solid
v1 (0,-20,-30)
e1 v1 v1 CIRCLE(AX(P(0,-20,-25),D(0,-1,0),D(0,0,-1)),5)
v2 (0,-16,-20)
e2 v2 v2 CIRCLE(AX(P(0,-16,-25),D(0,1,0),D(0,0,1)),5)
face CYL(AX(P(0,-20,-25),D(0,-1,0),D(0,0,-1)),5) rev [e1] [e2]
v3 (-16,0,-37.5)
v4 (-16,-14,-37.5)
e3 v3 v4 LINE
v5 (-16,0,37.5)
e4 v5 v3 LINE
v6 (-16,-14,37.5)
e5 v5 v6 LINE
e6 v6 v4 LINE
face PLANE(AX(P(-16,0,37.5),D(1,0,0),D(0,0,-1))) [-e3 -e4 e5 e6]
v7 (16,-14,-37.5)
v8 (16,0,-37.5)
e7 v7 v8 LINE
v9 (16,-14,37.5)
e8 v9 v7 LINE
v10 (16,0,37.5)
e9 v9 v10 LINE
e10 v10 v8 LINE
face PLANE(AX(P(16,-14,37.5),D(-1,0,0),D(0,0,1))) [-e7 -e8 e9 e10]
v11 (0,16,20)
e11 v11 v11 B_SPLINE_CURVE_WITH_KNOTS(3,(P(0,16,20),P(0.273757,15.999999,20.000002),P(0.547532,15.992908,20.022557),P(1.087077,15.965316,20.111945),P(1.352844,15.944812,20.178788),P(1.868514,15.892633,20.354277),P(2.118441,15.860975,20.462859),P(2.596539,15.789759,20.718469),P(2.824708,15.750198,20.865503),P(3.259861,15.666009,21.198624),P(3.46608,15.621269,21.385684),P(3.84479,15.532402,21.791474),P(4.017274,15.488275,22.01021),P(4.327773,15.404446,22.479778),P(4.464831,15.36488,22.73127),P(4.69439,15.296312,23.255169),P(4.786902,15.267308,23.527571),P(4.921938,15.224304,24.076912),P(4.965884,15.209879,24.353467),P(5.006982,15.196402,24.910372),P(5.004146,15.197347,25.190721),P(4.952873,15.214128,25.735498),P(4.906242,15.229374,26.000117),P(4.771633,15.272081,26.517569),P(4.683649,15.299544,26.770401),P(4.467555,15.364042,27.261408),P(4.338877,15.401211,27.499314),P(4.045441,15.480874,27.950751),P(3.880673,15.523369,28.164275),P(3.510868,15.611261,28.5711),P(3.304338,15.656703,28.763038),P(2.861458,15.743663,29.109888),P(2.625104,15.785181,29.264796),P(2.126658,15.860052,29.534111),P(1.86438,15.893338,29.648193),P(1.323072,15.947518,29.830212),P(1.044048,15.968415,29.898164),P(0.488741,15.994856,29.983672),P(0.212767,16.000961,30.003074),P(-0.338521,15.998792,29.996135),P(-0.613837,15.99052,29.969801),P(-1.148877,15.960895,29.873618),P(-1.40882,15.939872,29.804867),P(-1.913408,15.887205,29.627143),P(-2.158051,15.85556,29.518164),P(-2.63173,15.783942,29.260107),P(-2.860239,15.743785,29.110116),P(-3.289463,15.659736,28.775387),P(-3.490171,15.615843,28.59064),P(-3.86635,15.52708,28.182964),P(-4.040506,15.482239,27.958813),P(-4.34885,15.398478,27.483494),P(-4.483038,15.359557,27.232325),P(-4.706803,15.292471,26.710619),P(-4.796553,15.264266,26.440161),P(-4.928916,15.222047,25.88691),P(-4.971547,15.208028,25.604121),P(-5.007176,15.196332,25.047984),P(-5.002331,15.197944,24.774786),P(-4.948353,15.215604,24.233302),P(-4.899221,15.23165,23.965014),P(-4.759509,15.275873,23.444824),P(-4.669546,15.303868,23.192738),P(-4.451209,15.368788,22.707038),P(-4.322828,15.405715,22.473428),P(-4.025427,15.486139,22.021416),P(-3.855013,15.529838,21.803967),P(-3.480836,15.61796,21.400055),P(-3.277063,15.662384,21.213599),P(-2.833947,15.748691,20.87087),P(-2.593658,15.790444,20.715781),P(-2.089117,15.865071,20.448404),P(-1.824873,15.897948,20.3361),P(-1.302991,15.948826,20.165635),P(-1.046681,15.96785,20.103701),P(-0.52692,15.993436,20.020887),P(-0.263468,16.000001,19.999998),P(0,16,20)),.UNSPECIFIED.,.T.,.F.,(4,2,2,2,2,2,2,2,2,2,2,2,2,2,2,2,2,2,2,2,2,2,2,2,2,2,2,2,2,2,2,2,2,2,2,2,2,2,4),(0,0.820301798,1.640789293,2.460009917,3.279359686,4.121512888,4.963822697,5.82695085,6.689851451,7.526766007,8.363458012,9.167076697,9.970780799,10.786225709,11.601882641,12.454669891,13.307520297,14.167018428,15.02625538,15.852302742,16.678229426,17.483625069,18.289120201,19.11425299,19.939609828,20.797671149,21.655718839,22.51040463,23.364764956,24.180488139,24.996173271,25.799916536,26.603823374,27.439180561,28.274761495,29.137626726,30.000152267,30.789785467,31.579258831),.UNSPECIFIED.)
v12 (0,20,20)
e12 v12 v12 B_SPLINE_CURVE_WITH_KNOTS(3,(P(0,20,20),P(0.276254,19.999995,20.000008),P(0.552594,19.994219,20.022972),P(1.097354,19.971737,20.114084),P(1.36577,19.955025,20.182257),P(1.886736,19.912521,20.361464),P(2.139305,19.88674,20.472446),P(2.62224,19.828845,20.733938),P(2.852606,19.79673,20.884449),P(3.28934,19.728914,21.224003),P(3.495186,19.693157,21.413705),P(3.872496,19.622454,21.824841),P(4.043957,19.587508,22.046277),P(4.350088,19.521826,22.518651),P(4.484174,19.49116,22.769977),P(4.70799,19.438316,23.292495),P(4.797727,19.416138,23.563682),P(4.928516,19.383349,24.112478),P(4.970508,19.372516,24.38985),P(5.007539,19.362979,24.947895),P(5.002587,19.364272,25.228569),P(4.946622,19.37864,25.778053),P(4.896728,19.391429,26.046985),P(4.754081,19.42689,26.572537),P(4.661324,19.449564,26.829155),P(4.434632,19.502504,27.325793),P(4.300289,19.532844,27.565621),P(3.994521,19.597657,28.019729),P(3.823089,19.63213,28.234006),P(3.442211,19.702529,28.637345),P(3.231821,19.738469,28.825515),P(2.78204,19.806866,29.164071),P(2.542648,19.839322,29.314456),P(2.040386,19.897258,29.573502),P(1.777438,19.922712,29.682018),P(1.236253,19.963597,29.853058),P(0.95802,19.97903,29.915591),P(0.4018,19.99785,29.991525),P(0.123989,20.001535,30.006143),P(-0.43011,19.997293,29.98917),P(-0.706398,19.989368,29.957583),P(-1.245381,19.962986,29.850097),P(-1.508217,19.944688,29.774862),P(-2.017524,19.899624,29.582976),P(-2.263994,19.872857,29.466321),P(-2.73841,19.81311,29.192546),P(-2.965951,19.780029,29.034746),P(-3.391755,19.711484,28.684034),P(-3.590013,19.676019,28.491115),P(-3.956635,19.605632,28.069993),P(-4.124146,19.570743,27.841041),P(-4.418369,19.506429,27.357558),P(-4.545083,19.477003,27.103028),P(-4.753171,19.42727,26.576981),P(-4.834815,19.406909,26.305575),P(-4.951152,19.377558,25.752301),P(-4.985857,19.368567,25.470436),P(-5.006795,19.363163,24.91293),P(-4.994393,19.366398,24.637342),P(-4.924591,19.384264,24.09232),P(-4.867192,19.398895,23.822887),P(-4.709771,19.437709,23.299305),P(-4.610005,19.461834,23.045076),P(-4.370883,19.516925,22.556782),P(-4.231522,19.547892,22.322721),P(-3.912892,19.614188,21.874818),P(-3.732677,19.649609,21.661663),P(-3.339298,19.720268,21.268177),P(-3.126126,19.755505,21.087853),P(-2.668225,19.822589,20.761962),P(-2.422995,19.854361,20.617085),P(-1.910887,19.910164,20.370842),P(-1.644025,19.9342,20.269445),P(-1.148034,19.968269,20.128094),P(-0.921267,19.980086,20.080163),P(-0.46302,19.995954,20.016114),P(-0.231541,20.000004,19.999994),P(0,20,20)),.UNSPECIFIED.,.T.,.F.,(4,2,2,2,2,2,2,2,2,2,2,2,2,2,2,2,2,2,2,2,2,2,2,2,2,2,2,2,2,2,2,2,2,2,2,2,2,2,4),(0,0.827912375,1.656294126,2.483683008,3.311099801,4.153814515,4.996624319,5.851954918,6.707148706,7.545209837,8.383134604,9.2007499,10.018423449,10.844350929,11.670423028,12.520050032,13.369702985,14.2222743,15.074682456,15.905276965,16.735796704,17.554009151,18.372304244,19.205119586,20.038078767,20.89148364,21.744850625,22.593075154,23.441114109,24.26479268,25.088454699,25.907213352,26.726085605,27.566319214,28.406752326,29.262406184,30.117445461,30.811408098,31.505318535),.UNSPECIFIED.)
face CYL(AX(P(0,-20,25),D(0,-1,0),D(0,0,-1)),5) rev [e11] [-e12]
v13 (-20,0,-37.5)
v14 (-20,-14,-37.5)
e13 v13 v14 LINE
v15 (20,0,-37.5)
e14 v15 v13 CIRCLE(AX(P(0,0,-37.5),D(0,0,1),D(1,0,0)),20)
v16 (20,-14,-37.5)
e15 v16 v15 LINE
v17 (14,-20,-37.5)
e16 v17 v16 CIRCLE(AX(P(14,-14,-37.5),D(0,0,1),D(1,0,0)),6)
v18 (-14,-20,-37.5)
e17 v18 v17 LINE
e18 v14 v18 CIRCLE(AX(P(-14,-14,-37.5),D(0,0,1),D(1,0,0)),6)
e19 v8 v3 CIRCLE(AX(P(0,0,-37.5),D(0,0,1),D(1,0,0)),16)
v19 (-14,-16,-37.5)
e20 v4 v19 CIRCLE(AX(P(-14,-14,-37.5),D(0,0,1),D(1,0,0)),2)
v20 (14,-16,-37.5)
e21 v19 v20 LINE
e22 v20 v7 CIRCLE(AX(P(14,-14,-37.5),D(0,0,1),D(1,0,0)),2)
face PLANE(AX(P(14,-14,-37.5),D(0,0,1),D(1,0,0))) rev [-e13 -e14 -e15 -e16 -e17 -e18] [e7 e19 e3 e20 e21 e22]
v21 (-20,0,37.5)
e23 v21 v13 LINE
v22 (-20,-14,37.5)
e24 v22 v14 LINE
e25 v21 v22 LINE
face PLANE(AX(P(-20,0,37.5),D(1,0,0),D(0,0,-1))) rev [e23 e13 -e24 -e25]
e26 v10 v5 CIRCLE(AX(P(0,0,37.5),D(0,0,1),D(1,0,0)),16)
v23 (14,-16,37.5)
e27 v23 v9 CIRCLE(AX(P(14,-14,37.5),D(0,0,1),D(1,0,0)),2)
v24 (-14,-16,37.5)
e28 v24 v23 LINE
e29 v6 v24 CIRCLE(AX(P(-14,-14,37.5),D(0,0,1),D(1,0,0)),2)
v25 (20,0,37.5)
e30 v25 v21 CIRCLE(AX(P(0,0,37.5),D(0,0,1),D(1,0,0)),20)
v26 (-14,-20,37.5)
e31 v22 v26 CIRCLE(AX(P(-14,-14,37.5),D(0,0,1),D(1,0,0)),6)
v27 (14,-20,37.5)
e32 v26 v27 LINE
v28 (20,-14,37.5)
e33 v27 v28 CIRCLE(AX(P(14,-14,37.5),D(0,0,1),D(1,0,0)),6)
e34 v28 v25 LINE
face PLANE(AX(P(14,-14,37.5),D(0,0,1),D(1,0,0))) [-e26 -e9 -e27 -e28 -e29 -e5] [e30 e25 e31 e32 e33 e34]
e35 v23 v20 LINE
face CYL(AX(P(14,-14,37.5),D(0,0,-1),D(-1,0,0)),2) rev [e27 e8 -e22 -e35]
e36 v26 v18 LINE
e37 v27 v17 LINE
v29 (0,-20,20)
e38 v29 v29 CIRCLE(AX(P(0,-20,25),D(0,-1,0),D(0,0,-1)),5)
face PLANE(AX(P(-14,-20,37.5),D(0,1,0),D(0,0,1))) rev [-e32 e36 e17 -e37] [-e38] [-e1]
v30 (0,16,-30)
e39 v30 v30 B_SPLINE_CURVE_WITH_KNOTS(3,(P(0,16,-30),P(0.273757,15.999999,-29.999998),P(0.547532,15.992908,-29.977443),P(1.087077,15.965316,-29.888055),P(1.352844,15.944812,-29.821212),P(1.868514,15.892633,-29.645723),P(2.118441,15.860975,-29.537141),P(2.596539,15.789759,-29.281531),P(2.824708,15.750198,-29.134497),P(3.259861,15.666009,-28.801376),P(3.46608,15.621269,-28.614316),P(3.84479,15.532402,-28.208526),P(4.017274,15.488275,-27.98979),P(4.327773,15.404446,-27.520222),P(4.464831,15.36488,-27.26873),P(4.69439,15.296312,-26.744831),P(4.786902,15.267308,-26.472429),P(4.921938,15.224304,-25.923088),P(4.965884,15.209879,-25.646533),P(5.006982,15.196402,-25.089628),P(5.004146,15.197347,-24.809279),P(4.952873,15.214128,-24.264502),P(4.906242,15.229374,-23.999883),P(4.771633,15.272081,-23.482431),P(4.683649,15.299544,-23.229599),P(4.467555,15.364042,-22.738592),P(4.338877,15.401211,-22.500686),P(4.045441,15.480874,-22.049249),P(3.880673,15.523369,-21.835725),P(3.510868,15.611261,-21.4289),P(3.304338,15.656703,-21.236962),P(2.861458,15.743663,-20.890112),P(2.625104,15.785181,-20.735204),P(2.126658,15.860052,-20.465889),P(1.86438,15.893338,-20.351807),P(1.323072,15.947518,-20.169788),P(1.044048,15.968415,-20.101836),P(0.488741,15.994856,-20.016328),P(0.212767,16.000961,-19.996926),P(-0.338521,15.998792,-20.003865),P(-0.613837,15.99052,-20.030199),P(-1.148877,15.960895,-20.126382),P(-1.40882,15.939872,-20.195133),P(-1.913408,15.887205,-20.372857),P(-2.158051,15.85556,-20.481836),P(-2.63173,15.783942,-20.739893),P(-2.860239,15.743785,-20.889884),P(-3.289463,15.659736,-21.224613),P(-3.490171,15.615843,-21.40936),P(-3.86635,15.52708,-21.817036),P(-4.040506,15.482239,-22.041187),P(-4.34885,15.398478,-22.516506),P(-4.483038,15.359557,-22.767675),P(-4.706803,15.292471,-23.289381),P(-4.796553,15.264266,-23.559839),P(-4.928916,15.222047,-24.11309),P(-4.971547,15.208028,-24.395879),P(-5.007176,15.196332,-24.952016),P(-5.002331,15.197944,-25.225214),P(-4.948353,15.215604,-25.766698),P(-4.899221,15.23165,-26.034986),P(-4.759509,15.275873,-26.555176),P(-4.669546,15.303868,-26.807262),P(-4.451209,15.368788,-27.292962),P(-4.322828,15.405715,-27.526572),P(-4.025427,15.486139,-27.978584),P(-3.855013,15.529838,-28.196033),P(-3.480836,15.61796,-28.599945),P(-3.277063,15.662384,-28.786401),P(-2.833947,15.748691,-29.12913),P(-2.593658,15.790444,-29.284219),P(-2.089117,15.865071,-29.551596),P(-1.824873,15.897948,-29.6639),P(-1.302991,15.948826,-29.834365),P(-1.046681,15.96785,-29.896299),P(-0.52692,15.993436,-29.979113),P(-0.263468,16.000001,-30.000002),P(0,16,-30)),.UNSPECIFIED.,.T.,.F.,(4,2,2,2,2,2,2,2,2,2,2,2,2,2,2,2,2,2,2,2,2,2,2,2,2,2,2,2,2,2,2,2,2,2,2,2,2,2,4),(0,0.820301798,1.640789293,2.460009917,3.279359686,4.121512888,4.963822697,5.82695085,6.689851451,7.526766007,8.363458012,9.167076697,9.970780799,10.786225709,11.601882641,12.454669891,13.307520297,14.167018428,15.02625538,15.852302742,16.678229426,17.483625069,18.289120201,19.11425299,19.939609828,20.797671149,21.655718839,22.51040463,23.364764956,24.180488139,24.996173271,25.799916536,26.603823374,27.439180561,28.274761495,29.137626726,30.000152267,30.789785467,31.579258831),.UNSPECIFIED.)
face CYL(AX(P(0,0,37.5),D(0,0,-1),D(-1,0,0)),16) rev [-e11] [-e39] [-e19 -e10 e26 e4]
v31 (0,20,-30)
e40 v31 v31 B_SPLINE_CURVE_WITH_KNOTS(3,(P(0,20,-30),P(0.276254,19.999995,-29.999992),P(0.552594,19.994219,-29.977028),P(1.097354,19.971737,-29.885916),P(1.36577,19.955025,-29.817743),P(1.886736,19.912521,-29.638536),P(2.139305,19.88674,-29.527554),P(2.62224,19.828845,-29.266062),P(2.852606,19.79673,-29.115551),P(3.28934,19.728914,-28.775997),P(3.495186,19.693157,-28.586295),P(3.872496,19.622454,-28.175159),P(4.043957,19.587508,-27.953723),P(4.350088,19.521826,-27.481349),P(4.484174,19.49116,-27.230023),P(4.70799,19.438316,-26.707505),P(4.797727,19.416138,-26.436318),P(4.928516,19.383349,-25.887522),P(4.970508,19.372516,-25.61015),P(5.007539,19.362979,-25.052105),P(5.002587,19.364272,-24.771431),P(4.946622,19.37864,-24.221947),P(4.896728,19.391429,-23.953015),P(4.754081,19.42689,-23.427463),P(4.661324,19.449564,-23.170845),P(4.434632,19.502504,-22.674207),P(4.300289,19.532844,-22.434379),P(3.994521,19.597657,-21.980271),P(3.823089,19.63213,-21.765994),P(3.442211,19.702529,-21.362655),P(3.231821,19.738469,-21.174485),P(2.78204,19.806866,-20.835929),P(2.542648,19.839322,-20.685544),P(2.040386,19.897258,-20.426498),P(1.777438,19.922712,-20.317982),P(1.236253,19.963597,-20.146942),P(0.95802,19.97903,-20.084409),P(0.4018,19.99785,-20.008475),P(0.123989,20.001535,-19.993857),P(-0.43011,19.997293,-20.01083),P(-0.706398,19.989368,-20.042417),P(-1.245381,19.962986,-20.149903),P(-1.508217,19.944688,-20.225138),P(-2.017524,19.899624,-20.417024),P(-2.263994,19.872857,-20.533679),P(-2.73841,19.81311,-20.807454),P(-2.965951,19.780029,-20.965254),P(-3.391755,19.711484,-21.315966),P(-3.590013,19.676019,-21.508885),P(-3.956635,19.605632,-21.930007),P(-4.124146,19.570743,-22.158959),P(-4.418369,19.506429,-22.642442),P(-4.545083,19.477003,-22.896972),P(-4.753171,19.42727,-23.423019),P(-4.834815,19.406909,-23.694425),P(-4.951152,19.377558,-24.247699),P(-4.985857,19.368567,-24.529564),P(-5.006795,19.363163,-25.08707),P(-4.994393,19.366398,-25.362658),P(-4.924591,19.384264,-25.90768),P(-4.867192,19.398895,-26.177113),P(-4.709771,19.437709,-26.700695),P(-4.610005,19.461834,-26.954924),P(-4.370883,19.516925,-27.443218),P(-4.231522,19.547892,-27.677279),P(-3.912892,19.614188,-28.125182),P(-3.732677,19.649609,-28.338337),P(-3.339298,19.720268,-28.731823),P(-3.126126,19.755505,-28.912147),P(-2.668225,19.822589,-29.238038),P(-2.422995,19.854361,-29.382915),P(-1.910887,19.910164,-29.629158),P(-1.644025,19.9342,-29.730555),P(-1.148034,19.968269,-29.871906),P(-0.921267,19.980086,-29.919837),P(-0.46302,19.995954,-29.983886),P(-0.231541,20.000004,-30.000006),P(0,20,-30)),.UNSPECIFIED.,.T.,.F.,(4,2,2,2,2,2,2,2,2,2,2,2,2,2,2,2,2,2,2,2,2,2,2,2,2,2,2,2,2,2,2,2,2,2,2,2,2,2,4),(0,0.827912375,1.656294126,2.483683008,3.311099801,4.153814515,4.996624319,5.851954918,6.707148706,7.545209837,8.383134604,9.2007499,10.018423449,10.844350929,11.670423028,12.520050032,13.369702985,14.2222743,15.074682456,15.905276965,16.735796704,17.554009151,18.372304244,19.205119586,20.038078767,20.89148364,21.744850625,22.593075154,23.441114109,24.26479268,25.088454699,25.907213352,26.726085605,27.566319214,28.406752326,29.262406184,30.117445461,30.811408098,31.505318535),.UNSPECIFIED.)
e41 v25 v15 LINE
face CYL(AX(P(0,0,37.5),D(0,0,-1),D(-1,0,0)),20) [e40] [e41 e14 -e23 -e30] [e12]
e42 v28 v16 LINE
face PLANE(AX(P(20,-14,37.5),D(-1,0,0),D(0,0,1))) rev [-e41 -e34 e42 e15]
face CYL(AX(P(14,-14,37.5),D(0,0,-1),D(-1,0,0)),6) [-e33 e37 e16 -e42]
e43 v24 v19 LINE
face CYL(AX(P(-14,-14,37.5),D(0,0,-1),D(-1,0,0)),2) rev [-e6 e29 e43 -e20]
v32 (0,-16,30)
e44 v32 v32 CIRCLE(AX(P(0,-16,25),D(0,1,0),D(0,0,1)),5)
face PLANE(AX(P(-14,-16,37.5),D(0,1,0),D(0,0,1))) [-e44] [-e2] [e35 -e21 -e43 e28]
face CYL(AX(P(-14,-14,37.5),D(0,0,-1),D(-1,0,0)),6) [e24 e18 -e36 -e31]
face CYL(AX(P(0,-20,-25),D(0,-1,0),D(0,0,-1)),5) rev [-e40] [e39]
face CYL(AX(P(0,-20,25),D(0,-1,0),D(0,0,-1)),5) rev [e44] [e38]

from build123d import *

# Parameters (mm, degrees)
SALIENTE_EXTRUIR1_DEPTH       = 37.5
PERCEUSE_COLONNE_POUR_M1_61_D = 10


with BuildPart() as part:
    # Croquis1 → Saliente-Extruir1 (new body, symmetric)
    with BuildSketch(Plane.XY):
        with BuildLine():
            Line((-20, 0), (-20, -14))
            ThreePointArc((-20, -14), (-18.242640687, -18.242640687), (-14, -20))
            Line((-14, -20), (14, -20))
            ThreePointArc((14, -20), (18.242640687, -18.242640687), (20, -14))
            Line((20, -14), (20, 0))
            ThreePointArc((20, 0), (0, 20), (-20, 0))
        make_face()
        with BuildLine():
            Line((-16, 0), (-16, -14))
            ThreePointArc((-16, -14), (-15.414213562, -15.414213562), (-14, -16))
            Line((-14, -16), (14, -16))
            ThreePointArc((14, -16), (15.414213562, -15.414213562), (16, -14))
            Line((16, -14), (16, 0))
            ThreePointArc((16, 0), (0, 16), (-16, 0))
        make_face(mode=Mode.SUBTRACT)
    extrude(amount=SALIENTE_EXTRUIR1_DEPTH, both=True)

    # Perceuse à colonne pour M1.61 (through all)
    with Locations(Plane(origin=(0, -20, 0), x_dir=(-1, 0, 0), z_dir=(0, -1, 0))):
        with Locations((0, -25), (0, 25)):
            Hole(PERCEUSE_COLONNE_POUR_M1_61_D / 2)


solid = part.part
